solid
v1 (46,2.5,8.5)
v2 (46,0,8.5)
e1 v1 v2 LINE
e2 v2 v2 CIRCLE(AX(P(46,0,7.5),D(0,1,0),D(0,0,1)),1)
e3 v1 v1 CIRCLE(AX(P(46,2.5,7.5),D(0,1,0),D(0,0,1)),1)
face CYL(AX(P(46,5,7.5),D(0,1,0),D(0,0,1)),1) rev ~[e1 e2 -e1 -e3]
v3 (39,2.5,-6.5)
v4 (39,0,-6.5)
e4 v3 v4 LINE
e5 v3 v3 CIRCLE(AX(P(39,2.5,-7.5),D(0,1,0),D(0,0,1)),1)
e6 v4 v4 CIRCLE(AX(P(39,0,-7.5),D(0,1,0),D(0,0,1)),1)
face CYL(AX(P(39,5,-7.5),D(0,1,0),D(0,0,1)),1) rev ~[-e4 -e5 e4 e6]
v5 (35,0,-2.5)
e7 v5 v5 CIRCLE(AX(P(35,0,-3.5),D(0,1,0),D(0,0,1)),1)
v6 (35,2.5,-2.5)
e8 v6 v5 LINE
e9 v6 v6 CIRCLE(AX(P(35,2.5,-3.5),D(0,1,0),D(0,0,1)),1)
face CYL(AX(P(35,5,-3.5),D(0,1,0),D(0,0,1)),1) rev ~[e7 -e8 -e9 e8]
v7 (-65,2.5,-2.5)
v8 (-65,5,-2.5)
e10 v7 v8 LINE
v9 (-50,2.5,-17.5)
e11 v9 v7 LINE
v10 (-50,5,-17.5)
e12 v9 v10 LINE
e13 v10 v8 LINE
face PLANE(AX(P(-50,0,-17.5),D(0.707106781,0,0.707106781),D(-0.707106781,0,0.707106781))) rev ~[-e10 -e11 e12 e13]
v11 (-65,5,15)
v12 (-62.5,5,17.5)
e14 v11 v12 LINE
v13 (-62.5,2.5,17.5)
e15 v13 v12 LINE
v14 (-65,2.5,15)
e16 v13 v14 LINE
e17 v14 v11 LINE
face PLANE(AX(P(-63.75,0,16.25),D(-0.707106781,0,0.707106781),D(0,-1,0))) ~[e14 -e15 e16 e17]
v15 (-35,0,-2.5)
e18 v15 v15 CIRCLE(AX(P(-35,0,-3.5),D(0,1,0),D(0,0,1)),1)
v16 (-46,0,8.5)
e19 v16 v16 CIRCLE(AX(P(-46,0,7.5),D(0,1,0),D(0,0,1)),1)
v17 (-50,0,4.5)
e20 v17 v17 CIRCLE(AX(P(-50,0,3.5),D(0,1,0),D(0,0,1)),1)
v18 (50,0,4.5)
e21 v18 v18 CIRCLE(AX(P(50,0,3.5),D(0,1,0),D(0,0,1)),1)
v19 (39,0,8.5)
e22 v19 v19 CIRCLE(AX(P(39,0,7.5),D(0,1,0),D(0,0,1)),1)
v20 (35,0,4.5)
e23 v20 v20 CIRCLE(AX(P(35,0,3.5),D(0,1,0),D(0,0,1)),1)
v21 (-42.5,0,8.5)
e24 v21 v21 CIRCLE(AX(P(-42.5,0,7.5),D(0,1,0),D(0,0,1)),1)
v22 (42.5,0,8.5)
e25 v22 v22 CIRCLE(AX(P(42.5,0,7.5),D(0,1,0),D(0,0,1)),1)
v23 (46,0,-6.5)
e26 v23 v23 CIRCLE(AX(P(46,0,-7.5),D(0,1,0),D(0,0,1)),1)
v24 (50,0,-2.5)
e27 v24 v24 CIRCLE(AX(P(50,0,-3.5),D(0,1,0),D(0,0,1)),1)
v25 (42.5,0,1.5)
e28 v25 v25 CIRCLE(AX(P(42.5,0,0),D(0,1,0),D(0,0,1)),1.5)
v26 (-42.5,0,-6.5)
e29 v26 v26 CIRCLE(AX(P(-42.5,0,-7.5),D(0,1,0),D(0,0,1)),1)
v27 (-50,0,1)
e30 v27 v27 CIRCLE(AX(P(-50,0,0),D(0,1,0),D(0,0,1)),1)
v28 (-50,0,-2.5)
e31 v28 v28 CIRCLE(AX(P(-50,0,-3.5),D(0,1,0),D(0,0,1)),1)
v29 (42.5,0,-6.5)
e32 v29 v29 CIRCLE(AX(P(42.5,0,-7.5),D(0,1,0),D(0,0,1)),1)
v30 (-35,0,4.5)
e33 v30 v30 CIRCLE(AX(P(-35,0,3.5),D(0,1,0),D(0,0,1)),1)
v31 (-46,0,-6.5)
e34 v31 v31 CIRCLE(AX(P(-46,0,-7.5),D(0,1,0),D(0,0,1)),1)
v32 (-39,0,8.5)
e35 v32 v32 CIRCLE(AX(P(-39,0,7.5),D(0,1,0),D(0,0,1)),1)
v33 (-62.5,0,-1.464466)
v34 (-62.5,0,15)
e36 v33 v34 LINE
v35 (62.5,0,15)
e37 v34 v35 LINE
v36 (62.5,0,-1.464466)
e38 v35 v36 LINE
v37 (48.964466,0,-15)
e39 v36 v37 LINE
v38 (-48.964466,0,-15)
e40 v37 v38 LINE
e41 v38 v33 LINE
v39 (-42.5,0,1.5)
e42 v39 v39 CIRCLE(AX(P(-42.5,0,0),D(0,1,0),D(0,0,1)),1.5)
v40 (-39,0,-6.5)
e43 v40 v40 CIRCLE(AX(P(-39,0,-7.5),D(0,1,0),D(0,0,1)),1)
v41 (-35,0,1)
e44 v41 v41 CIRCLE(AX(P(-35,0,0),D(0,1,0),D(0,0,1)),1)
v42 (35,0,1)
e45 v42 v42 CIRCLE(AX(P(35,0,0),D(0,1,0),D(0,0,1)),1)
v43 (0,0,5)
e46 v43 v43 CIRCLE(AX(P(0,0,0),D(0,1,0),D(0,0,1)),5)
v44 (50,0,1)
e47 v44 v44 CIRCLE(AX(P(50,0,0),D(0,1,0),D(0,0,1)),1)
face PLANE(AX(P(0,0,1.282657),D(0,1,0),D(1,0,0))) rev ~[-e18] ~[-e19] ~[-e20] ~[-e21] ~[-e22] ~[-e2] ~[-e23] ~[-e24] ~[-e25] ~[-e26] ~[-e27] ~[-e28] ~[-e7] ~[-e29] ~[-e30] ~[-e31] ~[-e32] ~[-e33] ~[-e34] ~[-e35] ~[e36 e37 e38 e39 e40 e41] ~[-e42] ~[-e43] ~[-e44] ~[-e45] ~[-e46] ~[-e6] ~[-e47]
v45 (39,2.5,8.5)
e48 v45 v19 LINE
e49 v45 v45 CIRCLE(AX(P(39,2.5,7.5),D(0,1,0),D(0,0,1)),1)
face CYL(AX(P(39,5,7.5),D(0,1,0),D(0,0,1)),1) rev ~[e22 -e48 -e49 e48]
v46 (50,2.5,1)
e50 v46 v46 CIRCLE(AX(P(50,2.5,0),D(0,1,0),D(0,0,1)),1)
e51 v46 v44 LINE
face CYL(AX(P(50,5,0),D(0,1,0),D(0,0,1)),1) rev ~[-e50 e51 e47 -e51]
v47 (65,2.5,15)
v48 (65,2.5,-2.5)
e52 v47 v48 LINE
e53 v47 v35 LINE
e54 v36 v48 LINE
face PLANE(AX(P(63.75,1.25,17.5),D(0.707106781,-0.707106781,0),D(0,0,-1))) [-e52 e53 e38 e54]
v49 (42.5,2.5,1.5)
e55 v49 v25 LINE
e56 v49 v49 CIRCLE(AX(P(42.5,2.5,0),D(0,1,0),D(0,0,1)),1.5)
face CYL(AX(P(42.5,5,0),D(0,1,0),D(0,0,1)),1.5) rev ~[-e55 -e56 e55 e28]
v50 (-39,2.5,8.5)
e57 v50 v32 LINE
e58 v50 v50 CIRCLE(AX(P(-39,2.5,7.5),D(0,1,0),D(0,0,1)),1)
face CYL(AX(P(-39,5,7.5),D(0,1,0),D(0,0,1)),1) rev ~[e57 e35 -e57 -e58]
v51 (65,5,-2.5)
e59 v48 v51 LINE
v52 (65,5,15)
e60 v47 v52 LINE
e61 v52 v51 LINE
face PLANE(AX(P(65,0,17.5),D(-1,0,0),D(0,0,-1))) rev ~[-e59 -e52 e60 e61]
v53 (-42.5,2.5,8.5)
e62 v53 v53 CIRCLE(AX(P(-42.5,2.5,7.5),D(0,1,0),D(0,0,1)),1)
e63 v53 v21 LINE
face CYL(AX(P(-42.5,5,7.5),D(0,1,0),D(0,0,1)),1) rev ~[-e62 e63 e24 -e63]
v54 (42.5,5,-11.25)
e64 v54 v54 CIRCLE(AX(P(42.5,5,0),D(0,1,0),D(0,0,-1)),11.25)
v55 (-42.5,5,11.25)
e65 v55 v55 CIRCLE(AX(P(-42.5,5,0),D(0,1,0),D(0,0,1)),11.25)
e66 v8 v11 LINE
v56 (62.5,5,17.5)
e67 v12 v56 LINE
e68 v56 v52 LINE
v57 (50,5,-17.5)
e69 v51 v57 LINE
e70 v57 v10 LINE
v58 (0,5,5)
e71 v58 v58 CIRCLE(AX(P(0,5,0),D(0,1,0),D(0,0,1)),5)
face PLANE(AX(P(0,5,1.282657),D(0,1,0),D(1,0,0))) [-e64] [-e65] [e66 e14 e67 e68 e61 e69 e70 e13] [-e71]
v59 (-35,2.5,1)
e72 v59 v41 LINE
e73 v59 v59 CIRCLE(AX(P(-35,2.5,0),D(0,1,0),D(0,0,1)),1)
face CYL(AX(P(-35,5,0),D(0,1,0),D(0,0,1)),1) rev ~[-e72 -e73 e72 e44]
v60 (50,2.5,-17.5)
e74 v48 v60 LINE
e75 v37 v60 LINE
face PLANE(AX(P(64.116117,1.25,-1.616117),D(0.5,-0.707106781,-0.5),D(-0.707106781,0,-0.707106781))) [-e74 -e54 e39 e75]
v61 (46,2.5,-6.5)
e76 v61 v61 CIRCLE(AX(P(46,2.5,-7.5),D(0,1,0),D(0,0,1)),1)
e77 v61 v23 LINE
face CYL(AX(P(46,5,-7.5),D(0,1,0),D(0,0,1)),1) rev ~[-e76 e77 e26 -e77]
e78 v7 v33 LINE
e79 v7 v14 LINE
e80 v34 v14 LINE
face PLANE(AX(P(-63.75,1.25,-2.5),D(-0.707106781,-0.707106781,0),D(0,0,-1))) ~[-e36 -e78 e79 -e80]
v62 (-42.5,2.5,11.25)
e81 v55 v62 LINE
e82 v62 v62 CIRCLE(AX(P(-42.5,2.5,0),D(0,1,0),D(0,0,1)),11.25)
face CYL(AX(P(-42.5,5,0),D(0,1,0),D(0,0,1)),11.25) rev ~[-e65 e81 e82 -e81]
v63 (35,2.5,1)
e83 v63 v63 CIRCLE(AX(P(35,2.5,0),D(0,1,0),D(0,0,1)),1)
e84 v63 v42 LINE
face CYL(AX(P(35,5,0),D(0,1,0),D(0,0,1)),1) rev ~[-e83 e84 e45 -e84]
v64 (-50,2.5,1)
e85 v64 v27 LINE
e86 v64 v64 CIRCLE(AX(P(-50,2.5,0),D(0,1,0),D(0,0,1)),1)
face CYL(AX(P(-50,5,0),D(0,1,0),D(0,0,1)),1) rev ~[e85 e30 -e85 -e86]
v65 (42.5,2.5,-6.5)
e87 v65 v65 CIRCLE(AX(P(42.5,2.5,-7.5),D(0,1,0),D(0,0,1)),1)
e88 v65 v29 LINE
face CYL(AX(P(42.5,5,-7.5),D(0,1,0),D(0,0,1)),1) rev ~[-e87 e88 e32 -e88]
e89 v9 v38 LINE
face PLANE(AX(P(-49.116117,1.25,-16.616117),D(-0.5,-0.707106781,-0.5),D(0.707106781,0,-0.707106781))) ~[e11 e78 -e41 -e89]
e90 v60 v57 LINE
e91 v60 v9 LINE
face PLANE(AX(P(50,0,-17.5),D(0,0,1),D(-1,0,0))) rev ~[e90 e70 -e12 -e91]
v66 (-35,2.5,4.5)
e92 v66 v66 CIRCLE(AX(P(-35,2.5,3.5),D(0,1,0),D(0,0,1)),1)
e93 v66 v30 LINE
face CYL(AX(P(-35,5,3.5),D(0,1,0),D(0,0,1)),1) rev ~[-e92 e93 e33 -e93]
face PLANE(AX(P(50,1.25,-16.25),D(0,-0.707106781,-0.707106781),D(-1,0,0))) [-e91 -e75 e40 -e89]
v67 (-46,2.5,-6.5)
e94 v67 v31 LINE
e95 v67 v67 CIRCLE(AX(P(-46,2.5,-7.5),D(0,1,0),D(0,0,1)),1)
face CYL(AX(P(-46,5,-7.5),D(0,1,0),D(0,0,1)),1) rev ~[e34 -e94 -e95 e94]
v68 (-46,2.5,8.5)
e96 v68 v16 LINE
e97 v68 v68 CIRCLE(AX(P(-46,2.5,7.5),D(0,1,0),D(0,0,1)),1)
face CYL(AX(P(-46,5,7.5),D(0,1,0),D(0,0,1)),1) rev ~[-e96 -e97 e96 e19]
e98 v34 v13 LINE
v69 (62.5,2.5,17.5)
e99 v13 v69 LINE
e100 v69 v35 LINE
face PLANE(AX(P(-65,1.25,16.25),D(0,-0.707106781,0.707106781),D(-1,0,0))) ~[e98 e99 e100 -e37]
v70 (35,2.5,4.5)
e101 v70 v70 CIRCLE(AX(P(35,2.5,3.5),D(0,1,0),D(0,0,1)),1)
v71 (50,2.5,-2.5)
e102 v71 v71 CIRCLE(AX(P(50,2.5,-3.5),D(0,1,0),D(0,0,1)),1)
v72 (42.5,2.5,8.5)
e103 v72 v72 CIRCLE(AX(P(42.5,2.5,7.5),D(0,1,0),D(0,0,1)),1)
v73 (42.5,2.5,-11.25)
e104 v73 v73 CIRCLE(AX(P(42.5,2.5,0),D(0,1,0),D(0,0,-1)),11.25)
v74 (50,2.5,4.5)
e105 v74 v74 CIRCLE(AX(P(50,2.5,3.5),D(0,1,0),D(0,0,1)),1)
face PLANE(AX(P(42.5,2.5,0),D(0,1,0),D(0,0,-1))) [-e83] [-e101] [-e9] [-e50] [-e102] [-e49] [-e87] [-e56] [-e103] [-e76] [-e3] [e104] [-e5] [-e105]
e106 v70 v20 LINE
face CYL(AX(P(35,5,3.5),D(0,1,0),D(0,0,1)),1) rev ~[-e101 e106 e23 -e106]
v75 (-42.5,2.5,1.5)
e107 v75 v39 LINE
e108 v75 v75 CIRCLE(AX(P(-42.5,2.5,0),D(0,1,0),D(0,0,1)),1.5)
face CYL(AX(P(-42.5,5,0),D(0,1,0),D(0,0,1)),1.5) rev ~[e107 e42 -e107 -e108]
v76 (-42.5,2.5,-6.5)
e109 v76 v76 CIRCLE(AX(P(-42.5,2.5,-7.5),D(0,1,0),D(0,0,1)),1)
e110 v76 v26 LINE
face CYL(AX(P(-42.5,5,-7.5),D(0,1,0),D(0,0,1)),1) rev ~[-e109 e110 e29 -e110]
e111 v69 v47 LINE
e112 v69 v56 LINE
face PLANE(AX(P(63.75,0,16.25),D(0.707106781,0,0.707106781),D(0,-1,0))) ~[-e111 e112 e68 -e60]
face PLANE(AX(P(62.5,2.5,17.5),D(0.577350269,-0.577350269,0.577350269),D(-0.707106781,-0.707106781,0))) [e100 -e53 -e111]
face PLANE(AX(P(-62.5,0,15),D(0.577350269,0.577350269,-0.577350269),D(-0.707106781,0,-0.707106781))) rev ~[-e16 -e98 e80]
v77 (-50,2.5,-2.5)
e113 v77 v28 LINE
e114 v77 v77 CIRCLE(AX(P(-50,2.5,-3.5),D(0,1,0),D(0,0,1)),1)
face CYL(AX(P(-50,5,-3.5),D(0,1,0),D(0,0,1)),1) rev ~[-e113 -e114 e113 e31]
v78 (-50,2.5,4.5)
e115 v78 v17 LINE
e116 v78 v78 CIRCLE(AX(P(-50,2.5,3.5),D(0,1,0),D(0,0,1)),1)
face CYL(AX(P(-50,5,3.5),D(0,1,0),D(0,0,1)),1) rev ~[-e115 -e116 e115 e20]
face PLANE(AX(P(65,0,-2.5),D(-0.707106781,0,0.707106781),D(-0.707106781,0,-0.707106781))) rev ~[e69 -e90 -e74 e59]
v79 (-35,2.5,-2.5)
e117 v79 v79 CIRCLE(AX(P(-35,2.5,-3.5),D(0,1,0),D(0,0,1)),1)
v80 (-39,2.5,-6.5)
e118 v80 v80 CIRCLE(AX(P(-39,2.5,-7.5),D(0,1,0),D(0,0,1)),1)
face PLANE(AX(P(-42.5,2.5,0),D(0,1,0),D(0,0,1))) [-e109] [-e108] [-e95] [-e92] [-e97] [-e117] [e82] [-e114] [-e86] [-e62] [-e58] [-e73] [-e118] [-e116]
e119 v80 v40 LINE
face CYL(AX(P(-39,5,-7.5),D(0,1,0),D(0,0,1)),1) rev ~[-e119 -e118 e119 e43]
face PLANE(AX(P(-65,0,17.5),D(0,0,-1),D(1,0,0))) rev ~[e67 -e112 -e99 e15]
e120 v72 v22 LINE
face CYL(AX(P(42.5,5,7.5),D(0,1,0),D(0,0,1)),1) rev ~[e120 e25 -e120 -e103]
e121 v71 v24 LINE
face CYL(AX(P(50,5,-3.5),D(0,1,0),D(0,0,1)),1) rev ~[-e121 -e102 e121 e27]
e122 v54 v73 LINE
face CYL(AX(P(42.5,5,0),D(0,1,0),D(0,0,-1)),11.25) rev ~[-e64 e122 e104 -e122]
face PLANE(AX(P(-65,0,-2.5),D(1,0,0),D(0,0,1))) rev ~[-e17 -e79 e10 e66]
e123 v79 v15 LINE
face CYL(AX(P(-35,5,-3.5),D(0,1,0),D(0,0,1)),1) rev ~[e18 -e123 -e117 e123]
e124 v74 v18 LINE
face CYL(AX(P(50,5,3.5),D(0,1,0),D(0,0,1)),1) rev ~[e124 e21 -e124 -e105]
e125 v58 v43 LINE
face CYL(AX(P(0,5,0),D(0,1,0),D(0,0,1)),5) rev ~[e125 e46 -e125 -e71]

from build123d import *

# Parameters (mm, degrees)
BOSS_EXTRUDE1_DEPTH = 5
SKETCH2_R           = 11.25
CUT_EXTRUDE1_DEPTH  = 2.5
SKETCH3_R           = 1.5
SKETCH3_R_2         = 1
CUT_EXTRUDE3_DEPTH  = 12.5
CHAMFER1_SIZE       = 2.5
SKETCH5_R           = 5
CUT_EXTRUDE4_DEPTH  = 12.5


with BuildPart() as part:
    # Sketch1 → Boss-Extrude1 (new body)
    with BuildSketch(Plane(origin=(0, 0, 0), x_dir=(1, 0, 0), z_dir=(0, 1, 0))):
        Polygon((-65, 2.5), (-65, -17.5), (65, -17.5), (65, 2.5), (50, 17.5), (-50, 17.5), align=None)
    extrude(amount=BOSS_EXTRUDE1_DEPTH)

    # Sketch2 → Cut-Extrude1 (cut)
    with BuildSketch(Plane(origin=(0, 5, 0), x_dir=(1, 0, 0), z_dir=(0, 1, 0))):
        with Locations(Location((-42.5, 0, 0), (0, 0, 270))):
            Circle(SKETCH2_R)
        with Locations(Location((42.5, 0, 0), (0, 0, 90))):
            Circle(SKETCH2_R)
    extrude(amount=-CUT_EXTRUDE1_DEPTH, mode=Mode.SUBTRACT)

    # Sketch3 → Cut-Extrude3 (cut)
    with BuildSketch(Plane(origin=(0, 5, 0), x_dir=(1, 0, 0), z_dir=(0, 1, 0))):
        with Locations(Location((42.5, 0, 0), (0, 0, 270))):
            Circle(SKETCH3_R)
        with Locations(Location((42.5, 7.5, 0), (0, 0, 270))):
            Circle(SKETCH3_R_2)
        with Locations(Location((46, 7.5, 0), (0, 0, 270))):
            Circle(SKETCH3_R_2)
        with Locations(Location((39, 7.5, 0), (0, 0, 270))):
            Circle(SKETCH3_R_2)
        with Locations(Location((50, 3.5, 0), (0, 0, 270))):
            Circle(SKETCH3_R_2)
        with Locations(Location((50, 0, 0), (0, 0, 270))):
            Circle(SKETCH3_R_2)
        with Locations(Location((50, -3.5, 0), (0, 0, 270))):
            Circle(SKETCH3_R_2)
        with Locations(Location((46, -7.5, 0), (0, 0, 270))):
            Circle(SKETCH3_R_2)
        with Locations(Location((42.5, -7.5, 0), (0, 0, 270))):
            Circle(SKETCH3_R_2)
        with Locations(Location((39, -7.5, 0), (0, 0, 270))):
            Circle(SKETCH3_R_2)
        with Locations(Location((35, -3.5, 0), (0, 0, 270))):
            Circle(SKETCH3_R_2)
        with Locations(Location((35, 0, 0), (0, 0, 270))):
            Circle(SKETCH3_R_2)
        with Locations(Location((35, 3.5, 0), (0, 0, 270))):
            Circle(SKETCH3_R_2)
        with Locations(Location((-35, 3.5, 0), (0, 0, 270))):
            Circle(SKETCH3_R_2)
        with Locations(Location((-35, 0, 0), (0, 0, 270))):
            Circle(SKETCH3_R_2)
        with Locations(Location((-35, -3.5, 0), (0, 0, 270))):
            Circle(SKETCH3_R_2)
        with Locations(Location((-39, -7.5, 0), (0, 0, 270))):
            Circle(SKETCH3_R_2)
        with Locations(Location((-42.5, -7.5, 0), (0, 0, 270))):
            Circle(SKETCH3_R_2)
        with Locations(Location((-46, -7.5, 0), (0, 0, 270))):
            Circle(SKETCH3_R_2)
        with Locations(Location((-50, -3.5, 0), (0, 0, 270))):
            Circle(SKETCH3_R_2)
        with Locations(Location((-50, 0, 0), (0, 0, 270))):
            Circle(SKETCH3_R_2)
        with Locations(Location((-50, 3.5, 0), (0, 0, 270))):
            Circle(SKETCH3_R_2)
        with Locations(Location((-39, 7.5, 0), (0, 0, 270))):
            Circle(SKETCH3_R_2)
        with Locations(Location((-46, 7.5, 0), (0, 0, 270))):
            Circle(SKETCH3_R_2)
        with Locations(Location((-42.5, 7.5, 0), (0, 0, 270))):
            Circle(SKETCH3_R_2)
        with Locations(Location((-42.5, 0, 0), (0, 0, 270))):
            Circle(SKETCH3_R)
    extrude(amount=-CUT_EXTRUDE3_DEPTH, mode=Mode.SUBTRACT)

    # Chamfer1
    chamfer1_edges = [part.edges().sort_by_distance(p)[0] for p in [
        (57.5, 0, -10),
        (65, 0, 7.5),
        (65, 2.5, 17.5),
        (-65, 2.5, 17.5),
        (0, 0, 17.5),
        (-65, 0, 7.5),
        (-57.5, 0, -10),
        (0, 0, -17.5),
    ]]
    chamfer(chamfer1_edges, length=CHAMFER1_SIZE)

    # Sketch5 → Cut-Extrude4 (cut)
    with BuildSketch(Plane(origin=(0, 5, 0), x_dir=(1, 0, 0), z_dir=(0, 1, 0))):
        with Locations(Location((0, 0, 0), (0, 0, 270))):
            Circle(SKETCH5_R)
    extrude(amount=-CUT_EXTRUDE4_DEPTH, mode=Mode.SUBTRACT)


solid = part.part
